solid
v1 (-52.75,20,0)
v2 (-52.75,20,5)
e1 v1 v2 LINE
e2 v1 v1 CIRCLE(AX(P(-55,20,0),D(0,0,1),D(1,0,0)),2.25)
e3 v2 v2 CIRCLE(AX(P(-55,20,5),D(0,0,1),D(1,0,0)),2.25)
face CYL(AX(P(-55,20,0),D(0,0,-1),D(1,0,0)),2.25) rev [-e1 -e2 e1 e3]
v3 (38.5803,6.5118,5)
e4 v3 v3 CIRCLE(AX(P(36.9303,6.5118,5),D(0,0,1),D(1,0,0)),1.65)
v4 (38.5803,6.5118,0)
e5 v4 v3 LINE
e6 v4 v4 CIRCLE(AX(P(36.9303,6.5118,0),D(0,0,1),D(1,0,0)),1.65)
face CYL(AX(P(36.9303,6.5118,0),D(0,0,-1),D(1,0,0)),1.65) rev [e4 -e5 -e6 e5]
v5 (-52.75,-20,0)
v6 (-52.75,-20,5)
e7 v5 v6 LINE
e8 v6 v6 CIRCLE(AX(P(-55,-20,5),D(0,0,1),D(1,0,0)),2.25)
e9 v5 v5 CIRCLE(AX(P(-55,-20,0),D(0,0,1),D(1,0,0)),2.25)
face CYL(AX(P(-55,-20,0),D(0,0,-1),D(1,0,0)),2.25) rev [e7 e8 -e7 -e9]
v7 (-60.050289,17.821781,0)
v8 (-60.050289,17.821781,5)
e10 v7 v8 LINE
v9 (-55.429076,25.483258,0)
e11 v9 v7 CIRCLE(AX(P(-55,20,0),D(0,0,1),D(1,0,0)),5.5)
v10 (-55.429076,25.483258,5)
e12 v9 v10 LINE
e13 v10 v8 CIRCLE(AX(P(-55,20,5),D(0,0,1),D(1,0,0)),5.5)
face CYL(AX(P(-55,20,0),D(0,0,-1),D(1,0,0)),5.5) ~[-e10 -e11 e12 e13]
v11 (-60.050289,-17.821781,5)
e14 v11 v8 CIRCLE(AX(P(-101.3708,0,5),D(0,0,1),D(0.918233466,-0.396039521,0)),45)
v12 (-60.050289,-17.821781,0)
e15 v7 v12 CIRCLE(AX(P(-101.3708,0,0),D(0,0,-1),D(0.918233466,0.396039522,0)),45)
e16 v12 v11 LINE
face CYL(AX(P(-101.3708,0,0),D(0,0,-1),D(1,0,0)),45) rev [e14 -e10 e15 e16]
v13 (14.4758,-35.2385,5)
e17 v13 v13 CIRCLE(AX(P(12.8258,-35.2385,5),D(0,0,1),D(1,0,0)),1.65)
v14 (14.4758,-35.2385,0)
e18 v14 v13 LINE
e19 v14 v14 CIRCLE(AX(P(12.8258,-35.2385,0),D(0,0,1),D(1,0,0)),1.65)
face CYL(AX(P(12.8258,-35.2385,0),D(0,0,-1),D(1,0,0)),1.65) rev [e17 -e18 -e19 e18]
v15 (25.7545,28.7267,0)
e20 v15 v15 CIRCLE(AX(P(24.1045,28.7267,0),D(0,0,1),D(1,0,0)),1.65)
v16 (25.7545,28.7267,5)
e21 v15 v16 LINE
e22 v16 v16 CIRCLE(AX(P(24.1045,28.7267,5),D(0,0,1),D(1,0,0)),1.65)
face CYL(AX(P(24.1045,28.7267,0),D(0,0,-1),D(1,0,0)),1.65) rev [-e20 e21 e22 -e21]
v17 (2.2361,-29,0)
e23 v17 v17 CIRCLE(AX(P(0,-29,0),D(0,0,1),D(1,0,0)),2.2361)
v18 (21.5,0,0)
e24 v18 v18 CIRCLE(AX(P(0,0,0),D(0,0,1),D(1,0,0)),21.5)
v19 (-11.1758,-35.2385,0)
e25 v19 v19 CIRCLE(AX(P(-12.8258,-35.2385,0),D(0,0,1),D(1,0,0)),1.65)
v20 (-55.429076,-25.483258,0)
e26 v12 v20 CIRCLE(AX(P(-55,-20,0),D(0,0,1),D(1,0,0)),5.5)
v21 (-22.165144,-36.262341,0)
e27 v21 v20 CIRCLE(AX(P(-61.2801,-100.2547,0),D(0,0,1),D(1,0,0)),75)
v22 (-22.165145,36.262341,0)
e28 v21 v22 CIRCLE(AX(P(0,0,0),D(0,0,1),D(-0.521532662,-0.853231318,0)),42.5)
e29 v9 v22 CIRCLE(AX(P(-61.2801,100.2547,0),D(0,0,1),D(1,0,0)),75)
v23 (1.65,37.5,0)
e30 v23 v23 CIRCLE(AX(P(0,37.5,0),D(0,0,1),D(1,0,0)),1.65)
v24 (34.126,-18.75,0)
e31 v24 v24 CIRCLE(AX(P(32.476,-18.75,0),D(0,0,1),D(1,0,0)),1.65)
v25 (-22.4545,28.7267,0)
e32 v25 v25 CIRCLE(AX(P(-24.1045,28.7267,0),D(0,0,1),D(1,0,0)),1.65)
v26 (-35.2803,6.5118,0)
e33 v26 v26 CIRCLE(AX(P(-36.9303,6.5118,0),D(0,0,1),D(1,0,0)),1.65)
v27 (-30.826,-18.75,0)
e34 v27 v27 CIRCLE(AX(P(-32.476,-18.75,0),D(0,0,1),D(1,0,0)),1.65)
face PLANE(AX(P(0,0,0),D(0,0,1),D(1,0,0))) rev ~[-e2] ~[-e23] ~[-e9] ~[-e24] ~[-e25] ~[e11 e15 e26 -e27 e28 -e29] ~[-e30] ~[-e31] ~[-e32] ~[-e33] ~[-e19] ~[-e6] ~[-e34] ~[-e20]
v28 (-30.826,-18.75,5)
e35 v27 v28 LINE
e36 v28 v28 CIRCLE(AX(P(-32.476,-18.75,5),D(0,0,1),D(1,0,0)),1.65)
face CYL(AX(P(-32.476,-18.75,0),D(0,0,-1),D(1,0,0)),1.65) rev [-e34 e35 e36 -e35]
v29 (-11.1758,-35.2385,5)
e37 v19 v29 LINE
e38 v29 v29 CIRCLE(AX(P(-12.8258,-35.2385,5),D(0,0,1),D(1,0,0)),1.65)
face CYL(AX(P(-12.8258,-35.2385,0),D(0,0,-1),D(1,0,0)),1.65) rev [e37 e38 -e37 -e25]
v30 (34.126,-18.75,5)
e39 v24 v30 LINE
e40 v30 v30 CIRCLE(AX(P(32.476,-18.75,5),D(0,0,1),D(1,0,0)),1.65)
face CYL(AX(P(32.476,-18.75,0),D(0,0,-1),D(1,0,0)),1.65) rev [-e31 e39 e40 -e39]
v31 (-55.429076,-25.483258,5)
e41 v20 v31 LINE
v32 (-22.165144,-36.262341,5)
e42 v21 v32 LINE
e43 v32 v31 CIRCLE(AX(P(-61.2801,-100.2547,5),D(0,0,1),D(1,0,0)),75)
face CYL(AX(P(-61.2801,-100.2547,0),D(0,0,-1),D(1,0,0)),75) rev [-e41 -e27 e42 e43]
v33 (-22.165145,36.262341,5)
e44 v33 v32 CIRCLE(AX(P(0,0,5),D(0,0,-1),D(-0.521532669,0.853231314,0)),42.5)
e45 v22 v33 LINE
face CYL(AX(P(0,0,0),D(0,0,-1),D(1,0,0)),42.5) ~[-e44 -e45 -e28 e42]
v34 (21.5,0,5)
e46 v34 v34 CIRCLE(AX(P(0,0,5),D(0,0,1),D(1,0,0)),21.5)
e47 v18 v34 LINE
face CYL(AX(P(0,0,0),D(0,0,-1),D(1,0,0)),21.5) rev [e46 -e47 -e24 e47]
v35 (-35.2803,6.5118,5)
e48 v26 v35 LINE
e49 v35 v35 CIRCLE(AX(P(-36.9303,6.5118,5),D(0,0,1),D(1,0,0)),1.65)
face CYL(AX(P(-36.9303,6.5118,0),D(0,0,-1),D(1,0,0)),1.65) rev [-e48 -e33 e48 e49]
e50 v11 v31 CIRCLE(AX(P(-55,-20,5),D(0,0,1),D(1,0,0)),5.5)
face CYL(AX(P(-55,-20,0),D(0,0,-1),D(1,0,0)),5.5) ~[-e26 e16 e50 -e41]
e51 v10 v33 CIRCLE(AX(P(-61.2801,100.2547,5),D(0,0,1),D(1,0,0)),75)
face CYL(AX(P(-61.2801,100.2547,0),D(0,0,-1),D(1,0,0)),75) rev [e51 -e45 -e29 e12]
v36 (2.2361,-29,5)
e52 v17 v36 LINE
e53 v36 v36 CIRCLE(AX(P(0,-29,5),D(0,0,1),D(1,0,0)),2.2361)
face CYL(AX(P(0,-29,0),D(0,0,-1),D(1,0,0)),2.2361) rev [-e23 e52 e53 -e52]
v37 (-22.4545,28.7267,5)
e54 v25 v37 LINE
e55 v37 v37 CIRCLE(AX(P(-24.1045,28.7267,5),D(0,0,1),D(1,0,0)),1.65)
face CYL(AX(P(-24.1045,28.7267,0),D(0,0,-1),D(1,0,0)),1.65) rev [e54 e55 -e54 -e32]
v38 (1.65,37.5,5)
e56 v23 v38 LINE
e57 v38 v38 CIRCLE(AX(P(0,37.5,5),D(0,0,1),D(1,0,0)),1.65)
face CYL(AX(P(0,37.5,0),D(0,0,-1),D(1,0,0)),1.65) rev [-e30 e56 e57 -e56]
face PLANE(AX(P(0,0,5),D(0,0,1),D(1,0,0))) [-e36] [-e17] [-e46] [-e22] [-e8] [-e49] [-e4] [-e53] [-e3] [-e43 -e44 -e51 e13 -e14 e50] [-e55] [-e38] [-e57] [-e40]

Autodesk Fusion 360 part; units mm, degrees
sketch "草图1" plane through (0, 0, 0) normal (0, 0, 1) x (1, 0, 0)
  circle A0 centre (0, 0) radius 21.5
  circle A1 centre (0, 0) radius 37.5 construction
  circle A2 centre (0, 0) radius 42.5
  line L0 (0, 0) -> (0, 56.853) construction
  circle A3 centre (0, 37.5) radius 1.65
  circle A4 centre (-24.1045, 28.7267) radius 1.65
  circle A5 centre (-36.9303, 6.5118) radius 1.65
  circle A6 centre (-32.476, -18.75) radius 1.65
  circle A7 centre (-12.8258, -35.2385) radius 1.65
  circle A8 centre (12.8258, -35.2385) radius 1.65
  circle A9 centre (32.476, -18.75) radius 1.65
  circle A10 centre (36.9303, 6.5118) radius 1.65
  circle A11 centre (24.1045, 28.7267) radius 1.65
  line L1 (0, 0) -> (0, -49) construction
  circle A12 centre (0, -29) radius 2.2361
  dimension "d1" = 43
  dimension "d2" = 75
  dimension "d3" = 85
  dimension "d4" = 3.3
  dimension "d6" = 360
  dimension "d8" = 29
extrude "拉伸1" add sketch "草图1" along normal blind 5
sketch "草图5" plane through (0, 0, 0) normal (0, 0, 1) x (1, 0, 0)
  circle A0 centre (-55, 20) radius 2.25
  circle A1 centre (-55, -20) radius 2.25
  circle A2 centre (-55, 20) radius 5.5
  circle A3 centre (-55, -20) radius 5.5
  circle A4 centre (0, 0) radius 42.5
  circle A5 centre (-61.2801, 100.2547) radius 75
  circle A6 centre (-61.2801, -100.2547) radius 75
  circle A7 centre (-101.3708, 0) radius 45
  dimension "d19" = 40
  dimension "d20" = 4.5
  dimension "d21" = 4.5
  dimension "d22" = 20
  dimension "d23" = 11
  dimension "d24" = 11
  dimension "d25" = 85
  dimension "d26" = 150
  dimension "d27" = 55
  dimension "d28" = 150
  dimension "d29" = 90
extrude "拉伸3" add sketch "草图5" along normal blind 5 contours A2 | A2 A3 A4 A5 A6 A7 | A3
